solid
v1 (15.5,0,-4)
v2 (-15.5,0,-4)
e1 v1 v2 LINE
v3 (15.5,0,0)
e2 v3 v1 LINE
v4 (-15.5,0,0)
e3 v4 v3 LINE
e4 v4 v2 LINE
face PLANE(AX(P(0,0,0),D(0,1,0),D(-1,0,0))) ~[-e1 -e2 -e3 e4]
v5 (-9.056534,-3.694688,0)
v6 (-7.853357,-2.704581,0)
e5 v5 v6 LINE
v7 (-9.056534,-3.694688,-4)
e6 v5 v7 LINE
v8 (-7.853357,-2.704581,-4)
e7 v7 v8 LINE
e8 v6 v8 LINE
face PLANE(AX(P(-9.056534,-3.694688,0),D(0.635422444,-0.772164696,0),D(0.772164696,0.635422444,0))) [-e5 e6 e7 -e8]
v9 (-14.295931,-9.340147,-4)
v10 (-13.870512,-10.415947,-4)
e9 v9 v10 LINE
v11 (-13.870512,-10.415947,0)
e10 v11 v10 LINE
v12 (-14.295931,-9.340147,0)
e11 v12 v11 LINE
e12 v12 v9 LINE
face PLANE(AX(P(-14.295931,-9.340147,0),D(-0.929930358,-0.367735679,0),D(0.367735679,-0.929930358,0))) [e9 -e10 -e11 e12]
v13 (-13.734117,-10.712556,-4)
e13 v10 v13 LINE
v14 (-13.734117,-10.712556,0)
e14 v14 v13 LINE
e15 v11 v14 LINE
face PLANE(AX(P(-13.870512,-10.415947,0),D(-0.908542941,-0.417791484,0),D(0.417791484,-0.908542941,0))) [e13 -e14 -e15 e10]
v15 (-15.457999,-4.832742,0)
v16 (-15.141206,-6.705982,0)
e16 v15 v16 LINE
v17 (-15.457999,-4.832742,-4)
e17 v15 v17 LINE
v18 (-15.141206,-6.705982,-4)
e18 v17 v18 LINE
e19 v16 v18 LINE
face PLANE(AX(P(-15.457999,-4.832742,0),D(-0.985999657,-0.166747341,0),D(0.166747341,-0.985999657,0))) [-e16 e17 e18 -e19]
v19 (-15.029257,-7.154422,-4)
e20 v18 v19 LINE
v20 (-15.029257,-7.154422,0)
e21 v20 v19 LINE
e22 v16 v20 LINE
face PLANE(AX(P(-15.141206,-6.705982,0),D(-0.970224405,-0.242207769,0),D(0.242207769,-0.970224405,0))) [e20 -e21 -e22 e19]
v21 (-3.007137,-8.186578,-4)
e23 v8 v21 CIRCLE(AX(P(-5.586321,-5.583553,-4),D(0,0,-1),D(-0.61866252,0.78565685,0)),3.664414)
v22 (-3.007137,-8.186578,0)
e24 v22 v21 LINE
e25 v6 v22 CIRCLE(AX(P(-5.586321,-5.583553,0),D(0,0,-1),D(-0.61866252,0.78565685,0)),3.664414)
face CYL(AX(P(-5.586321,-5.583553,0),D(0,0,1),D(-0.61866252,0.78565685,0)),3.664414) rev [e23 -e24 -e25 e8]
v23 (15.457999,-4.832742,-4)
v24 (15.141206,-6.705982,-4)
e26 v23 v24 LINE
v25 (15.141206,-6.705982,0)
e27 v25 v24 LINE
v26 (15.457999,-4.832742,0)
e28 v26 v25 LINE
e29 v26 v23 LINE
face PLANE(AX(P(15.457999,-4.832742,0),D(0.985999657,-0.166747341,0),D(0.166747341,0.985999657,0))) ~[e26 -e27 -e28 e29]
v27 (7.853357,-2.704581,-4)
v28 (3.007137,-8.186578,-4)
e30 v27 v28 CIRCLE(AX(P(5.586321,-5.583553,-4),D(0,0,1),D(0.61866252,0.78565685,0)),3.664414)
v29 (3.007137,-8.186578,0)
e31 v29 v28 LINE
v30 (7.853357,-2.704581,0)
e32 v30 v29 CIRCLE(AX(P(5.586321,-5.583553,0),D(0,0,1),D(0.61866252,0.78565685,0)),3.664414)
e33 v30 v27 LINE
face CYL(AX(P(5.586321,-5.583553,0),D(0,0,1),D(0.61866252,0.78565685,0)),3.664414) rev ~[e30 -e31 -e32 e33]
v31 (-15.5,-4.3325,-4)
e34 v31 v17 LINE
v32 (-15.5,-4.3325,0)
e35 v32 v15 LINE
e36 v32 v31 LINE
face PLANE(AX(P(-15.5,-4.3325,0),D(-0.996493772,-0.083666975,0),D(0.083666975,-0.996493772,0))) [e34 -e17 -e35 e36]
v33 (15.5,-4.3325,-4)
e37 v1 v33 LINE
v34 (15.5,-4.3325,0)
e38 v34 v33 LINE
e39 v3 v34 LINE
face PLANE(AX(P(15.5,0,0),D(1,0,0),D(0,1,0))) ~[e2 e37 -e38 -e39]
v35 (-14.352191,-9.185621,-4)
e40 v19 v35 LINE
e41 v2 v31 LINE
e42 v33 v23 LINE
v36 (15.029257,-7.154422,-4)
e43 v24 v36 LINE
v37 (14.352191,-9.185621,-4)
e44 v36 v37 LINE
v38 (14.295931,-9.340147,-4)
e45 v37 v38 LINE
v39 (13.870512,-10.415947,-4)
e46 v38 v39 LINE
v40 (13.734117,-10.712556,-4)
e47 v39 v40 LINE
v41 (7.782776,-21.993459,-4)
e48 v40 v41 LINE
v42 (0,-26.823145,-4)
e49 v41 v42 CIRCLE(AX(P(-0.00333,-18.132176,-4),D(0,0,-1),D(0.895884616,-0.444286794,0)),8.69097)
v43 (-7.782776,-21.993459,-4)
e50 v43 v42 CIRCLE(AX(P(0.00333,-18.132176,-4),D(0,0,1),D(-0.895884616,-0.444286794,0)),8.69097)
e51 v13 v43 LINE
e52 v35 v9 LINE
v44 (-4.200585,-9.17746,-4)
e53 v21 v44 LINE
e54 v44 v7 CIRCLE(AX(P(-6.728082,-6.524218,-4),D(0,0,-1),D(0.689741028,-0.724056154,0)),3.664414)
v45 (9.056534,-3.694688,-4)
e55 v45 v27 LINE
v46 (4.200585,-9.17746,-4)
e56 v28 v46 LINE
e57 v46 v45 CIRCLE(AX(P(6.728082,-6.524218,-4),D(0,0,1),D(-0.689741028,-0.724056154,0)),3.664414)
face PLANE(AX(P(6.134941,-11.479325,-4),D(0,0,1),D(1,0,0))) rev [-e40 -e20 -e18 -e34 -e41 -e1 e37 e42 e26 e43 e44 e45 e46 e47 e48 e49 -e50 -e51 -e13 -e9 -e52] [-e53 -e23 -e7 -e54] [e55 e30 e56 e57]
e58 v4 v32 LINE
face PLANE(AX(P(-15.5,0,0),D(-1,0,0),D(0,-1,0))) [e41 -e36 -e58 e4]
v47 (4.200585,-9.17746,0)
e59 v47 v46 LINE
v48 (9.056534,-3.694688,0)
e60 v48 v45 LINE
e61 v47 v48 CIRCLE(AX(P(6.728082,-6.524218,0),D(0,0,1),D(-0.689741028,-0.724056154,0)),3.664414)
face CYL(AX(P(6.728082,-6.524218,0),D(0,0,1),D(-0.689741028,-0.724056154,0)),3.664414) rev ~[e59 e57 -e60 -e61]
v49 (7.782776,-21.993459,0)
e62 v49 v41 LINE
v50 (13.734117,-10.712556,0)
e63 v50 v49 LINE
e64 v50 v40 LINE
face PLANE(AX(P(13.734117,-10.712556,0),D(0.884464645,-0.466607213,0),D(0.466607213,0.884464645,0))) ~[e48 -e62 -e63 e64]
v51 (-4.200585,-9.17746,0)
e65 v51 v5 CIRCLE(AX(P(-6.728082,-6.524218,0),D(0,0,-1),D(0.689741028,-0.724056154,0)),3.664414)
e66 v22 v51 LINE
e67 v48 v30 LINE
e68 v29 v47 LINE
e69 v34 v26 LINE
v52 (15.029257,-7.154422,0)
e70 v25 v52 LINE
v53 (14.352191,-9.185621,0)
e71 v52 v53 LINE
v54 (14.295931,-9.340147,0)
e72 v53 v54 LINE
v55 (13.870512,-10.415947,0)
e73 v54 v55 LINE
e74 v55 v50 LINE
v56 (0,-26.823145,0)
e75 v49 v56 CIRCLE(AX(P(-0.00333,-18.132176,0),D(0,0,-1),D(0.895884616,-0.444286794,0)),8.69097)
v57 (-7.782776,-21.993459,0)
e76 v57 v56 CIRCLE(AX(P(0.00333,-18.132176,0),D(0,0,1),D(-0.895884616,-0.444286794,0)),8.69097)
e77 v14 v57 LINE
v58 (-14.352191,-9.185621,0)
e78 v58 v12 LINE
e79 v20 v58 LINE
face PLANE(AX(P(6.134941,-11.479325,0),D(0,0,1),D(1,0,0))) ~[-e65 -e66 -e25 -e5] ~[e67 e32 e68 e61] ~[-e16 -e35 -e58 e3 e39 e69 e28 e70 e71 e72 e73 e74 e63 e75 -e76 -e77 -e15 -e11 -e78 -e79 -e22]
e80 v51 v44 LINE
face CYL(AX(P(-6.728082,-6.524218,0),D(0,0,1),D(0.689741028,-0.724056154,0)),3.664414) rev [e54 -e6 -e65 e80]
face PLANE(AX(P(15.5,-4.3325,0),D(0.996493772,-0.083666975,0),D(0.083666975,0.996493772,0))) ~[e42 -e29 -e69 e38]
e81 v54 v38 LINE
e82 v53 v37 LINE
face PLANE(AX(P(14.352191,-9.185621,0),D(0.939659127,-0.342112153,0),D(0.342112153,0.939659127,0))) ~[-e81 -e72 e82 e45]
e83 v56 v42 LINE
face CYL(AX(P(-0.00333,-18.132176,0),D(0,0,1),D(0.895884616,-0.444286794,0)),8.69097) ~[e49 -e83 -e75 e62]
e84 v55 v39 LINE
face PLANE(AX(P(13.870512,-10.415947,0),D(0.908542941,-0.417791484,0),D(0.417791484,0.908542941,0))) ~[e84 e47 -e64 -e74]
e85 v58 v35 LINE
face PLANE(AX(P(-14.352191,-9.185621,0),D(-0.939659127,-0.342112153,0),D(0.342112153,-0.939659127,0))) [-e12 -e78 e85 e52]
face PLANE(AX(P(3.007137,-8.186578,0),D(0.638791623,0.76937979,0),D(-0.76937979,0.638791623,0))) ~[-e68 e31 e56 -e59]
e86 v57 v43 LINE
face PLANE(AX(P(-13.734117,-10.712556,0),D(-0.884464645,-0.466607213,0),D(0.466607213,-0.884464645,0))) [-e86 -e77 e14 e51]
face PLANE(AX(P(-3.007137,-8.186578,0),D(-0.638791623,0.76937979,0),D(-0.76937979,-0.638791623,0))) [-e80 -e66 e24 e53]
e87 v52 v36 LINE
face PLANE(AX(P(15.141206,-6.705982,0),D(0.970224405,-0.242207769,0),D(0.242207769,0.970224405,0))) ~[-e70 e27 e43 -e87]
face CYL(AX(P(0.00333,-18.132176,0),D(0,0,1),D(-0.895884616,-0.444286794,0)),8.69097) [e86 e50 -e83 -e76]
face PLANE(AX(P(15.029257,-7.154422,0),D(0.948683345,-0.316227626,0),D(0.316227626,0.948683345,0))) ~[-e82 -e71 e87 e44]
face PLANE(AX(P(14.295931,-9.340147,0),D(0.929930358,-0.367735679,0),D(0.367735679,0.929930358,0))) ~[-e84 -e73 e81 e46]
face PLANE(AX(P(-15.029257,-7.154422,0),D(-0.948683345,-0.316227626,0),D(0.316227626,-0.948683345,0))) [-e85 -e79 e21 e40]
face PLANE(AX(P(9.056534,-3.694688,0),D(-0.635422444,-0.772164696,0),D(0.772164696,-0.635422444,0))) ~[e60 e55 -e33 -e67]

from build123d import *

# Parameters (mm, degrees)
F1_DEPTH = 4


with BuildPart() as f1:
    # F0 (on Top) → F1 (new body)
    with BuildSketch(Plane.XY):
        with BuildLine():
            Line((0, -23.741776), (0, 0))
            Line((0, 0), (-12.5, 0))
            Line((-12.5, 0), (-15.5, 0))
            Line((-15.5, 0), (-15.5, -4.3325))
            Line((-15.5, -4.3325), (-15.457999, -4.832742))
            Line((-15.457999, -4.832742), (-15.141206, -6.705982))
            Line((-15.141206, -6.705982), (-15.029257, -7.154422))
            Line((-15.029257, -7.154422), (-14.352191, -9.185621))
            Line((-14.352191, -9.185621), (-14.295931, -9.340147))
            Line((-14.295931, -9.340147), (-13.870512, -10.415947))
            Line((-13.870512, -10.415947), (-13.734117, -10.712556))
            Line((-13.734117, -10.712556), (-7.782776, -21.993459))
            ThreePointArc((-7.782776, -21.993459), (-4.579278, -25.516799), (0, -26.823145))
            Line((0, -26.823145), (0, -23.741776))
        make_face()
        with BuildLine():
            Line((-9.056534, -3.694688), (-7.853357, -2.704581))
            ThreePointArc((-7.853357, -2.704581), (-2.840883, -3.156518), (-3.007137, -8.186578))
            Line((-3.007137, -8.186578), (-4.200585, -9.17746))
            ThreePointArc((-4.200585, -9.17746), (-9.471274, -8.953792), (-9.056534, -3.694688))
        make_face(mode=Mode.SUBTRACT)
    extrude(amount=-F1_DEPTH)

    # F2: F1 across plane


with BuildPart() as f1_1:
    add(f1.part)
    add(f1.part.mirror(Plane.YZ))


solid = f1_1.part
